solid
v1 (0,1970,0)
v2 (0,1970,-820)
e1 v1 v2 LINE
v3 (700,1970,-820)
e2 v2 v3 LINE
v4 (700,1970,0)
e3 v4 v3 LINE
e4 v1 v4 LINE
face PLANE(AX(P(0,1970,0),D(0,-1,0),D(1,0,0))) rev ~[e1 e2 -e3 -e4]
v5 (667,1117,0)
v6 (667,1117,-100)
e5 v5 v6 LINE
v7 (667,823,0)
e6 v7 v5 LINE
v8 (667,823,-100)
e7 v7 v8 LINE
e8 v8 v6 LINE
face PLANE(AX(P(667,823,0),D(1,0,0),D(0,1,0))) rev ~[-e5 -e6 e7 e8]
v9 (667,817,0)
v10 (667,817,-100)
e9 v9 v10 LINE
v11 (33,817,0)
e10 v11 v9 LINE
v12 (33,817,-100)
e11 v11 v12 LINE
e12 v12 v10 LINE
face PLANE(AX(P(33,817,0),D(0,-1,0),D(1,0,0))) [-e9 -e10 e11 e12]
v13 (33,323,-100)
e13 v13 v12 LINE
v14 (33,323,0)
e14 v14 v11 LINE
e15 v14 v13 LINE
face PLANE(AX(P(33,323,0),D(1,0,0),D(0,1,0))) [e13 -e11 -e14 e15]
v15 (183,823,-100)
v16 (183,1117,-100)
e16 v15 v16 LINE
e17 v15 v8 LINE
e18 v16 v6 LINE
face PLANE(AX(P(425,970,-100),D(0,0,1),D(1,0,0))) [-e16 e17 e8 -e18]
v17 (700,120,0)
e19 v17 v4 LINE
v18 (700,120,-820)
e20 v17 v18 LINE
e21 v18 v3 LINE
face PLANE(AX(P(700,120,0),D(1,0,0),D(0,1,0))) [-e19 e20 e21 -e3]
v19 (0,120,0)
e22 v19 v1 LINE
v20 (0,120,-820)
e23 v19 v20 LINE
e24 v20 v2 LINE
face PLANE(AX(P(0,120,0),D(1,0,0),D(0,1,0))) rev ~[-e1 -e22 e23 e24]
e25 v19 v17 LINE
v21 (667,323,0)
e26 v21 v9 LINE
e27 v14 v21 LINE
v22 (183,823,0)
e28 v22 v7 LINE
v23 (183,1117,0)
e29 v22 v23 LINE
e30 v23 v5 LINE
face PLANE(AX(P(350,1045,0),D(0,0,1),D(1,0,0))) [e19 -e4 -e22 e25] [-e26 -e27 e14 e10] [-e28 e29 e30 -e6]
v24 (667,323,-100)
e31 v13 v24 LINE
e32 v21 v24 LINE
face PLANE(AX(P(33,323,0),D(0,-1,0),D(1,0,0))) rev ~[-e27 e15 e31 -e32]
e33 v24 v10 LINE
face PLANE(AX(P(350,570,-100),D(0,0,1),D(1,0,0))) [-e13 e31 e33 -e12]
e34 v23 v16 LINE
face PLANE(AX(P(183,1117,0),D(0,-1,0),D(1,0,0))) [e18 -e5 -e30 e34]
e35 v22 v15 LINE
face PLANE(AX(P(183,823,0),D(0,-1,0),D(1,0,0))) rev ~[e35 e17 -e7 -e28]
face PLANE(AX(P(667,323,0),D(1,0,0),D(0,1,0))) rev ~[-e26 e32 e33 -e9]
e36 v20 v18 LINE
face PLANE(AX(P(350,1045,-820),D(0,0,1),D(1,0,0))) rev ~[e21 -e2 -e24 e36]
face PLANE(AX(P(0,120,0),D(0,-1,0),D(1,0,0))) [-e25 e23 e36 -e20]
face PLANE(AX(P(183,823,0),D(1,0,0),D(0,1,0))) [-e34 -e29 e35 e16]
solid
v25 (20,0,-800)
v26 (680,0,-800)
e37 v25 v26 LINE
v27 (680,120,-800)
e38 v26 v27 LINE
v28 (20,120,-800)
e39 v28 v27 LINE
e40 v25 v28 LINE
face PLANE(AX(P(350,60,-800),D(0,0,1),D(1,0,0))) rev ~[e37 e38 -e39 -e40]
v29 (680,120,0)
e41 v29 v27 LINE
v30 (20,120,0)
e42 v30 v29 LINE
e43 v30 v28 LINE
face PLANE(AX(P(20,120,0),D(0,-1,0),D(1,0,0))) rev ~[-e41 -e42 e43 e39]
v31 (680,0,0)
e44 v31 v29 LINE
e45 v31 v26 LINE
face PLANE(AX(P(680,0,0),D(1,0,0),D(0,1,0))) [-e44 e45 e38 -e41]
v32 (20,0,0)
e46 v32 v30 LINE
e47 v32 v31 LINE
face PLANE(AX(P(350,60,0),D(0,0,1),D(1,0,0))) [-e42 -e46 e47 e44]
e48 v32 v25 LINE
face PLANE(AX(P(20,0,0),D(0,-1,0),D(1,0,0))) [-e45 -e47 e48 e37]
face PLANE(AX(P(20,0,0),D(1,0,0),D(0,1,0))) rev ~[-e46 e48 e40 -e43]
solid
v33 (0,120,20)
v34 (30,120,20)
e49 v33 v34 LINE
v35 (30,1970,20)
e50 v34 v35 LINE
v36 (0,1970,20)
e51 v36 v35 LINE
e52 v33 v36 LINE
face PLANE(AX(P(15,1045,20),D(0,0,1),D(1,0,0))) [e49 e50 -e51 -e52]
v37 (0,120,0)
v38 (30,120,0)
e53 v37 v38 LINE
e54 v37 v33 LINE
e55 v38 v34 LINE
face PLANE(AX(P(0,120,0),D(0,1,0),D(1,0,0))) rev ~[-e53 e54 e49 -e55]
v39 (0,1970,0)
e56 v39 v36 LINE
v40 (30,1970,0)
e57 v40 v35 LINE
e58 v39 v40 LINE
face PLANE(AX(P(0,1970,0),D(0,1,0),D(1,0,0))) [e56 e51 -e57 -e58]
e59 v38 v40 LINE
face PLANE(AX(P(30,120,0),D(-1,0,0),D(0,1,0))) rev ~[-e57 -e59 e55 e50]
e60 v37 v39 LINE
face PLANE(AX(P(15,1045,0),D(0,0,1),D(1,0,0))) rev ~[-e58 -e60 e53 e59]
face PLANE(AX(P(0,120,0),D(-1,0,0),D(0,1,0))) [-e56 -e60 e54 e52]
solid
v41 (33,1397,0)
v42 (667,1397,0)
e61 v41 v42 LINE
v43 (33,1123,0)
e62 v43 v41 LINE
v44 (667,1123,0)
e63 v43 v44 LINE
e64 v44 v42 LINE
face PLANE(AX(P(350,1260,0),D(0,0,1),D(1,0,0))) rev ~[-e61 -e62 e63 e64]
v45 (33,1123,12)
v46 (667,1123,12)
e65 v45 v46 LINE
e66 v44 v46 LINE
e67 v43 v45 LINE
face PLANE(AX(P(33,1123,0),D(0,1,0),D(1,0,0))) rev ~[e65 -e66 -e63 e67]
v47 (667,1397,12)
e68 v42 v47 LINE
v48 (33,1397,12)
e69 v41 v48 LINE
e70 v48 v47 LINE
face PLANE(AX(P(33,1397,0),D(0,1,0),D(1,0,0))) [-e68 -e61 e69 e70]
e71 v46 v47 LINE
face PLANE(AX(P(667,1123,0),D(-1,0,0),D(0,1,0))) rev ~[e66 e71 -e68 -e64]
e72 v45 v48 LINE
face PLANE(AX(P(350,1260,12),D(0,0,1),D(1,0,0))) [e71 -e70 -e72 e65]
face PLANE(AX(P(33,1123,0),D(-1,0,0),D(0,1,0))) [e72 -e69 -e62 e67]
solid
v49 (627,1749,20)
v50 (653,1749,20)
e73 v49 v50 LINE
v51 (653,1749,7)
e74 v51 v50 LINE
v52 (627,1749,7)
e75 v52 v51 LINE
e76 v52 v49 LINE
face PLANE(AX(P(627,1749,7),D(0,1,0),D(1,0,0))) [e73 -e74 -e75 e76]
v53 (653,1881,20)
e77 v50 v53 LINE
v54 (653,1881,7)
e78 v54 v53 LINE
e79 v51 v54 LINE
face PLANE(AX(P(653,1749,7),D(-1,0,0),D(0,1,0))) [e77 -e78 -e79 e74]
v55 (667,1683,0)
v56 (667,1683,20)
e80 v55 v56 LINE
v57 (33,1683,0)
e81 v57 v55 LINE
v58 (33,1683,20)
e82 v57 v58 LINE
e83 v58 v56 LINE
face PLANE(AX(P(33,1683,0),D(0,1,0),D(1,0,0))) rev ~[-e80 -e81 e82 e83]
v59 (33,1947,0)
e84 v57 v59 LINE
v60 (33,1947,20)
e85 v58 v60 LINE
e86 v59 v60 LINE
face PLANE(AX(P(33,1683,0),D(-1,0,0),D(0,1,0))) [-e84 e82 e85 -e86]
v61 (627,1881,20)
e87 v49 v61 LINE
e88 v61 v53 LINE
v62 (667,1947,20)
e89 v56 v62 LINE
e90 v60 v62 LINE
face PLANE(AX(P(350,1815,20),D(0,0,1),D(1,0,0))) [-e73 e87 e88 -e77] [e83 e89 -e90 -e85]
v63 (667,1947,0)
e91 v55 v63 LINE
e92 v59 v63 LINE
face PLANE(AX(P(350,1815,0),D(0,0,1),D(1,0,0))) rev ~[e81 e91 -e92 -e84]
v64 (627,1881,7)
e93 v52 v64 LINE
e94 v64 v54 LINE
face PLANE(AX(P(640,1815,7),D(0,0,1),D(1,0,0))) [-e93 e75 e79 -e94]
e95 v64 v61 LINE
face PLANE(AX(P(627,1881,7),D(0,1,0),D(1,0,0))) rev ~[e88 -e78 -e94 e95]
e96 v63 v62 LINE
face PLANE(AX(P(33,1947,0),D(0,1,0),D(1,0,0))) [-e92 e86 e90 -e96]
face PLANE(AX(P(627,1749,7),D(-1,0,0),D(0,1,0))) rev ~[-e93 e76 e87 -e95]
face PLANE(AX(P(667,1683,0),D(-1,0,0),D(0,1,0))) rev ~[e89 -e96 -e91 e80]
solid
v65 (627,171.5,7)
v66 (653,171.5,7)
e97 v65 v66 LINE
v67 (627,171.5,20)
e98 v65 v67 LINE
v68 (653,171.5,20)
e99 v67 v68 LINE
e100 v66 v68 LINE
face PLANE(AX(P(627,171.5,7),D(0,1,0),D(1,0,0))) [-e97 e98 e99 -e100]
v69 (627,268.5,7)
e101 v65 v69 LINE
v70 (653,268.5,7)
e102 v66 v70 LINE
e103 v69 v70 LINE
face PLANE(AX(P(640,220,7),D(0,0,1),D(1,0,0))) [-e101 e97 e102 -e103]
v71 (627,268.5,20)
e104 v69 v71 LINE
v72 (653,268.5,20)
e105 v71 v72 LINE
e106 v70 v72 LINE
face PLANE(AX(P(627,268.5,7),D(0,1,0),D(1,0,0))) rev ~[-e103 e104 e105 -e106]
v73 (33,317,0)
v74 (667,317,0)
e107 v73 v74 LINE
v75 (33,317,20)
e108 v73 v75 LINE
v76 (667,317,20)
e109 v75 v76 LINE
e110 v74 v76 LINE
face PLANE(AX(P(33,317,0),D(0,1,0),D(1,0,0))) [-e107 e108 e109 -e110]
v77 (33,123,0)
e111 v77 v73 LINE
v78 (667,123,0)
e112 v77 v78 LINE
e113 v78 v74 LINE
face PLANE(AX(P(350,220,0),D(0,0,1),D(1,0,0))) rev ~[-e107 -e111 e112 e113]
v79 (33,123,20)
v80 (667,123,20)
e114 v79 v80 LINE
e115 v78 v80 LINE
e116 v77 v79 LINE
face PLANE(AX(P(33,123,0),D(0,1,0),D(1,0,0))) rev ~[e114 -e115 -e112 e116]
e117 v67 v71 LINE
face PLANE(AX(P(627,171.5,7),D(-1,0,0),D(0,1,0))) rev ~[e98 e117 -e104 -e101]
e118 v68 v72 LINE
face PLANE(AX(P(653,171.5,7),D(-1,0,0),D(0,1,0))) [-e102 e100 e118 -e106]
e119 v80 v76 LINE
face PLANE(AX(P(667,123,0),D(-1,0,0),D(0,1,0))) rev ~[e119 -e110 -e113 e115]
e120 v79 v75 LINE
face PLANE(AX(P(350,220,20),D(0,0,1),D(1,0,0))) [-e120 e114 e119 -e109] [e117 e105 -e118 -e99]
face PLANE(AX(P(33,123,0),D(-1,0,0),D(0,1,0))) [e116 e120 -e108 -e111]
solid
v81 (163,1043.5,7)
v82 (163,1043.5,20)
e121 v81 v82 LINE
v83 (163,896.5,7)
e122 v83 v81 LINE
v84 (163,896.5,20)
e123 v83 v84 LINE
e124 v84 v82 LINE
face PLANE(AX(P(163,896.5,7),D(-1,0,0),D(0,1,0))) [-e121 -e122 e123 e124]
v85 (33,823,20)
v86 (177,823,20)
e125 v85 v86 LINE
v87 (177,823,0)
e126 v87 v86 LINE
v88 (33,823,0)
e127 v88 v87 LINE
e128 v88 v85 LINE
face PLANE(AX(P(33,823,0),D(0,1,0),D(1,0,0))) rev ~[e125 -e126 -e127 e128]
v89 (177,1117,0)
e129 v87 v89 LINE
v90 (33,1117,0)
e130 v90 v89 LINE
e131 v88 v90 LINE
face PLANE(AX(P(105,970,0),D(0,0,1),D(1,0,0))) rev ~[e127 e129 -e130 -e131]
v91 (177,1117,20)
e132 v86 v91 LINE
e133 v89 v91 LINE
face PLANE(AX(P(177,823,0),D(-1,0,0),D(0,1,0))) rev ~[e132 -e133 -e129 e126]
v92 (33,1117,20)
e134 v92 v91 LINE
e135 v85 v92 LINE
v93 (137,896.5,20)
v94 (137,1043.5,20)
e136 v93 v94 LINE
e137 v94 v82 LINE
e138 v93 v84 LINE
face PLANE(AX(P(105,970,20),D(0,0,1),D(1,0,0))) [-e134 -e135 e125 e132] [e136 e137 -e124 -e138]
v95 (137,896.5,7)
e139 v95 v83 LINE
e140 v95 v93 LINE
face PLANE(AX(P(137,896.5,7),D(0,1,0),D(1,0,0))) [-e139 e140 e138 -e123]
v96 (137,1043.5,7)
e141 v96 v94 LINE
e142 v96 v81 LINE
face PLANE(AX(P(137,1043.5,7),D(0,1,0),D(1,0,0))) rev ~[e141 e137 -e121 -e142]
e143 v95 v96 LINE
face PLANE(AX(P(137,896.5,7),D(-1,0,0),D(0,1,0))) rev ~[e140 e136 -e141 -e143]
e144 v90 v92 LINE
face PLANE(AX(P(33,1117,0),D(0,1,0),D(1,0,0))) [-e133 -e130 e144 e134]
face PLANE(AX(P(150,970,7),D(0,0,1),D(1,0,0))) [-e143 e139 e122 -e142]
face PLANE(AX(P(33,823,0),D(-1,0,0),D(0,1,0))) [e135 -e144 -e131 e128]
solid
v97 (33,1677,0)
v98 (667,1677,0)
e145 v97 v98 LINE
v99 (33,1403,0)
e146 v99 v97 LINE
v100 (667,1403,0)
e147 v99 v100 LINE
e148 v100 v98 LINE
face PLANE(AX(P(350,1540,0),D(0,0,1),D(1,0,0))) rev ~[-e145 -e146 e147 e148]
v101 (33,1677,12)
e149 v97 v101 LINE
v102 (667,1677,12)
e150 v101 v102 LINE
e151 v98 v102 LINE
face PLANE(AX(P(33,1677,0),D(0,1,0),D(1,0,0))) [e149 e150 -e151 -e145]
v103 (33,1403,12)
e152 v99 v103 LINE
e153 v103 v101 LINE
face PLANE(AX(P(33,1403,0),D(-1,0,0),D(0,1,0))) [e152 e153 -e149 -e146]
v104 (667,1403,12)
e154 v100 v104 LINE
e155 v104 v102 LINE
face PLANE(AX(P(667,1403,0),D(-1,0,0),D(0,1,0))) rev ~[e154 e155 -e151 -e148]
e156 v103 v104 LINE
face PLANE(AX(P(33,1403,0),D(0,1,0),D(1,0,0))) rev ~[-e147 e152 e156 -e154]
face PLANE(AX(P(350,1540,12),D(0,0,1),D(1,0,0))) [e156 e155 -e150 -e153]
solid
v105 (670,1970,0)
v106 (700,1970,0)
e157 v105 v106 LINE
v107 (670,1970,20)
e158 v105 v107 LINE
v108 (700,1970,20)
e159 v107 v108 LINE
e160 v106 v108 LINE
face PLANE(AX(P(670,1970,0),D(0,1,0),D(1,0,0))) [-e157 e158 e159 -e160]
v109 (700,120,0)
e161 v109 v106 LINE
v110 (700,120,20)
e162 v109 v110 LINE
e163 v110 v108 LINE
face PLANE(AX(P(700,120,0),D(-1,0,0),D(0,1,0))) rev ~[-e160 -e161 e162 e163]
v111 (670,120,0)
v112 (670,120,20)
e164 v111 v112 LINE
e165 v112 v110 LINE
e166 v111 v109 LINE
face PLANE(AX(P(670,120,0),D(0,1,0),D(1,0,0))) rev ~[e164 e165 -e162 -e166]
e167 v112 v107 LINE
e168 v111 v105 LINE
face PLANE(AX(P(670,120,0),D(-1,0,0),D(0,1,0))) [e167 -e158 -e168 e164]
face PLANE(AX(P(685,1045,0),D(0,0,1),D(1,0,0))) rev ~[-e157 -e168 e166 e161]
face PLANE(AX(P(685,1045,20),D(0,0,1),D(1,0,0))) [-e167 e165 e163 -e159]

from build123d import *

# Parameters (mm, degrees)
SKETCH1_W                   = 700
SKETCH1_H                   = 1850
GOVDE_KASA_DEPTH            = 820
SKETCH2_W                   = 660
SKETCH2_H                   = 120
PLINT_DEPTH                 = 800
SKETCH3_W                   = 30
SKETCH3_H                   = 1850
SOVE_SOL_DEPTH              = 20
SKETCH4_W                   = 30
SKETCH4_H                   = 1850
SOVE_SAG_DEPTH              = 20
SKETCH5_W                   = 634
SKETCH5_H                   = 264
KAPAK_FAN_FILTRE_DEPTH      = 20
KAPAK_FAN_FILTRE_KULP_START = 7
SKETCH6_W                   = 26
SKETCH6_H                   = 132
KAPAK_FAN_FILTRE_KULP_DEPTH = 13
SKETCH7_W                   = 634
SKETCH7_H                   = 274
FIRIN_KAPAK_2_CAM_DEPTH     = 12
SKETCH8_W                   = 634
SKETCH8_H                   = 274
FIRIN_KAPAK_1_CAM_DEPTH     = 12
SKETCH9_W                   = 144
SKETCH9_H                   = 294
KAPAK_YAG_KABI_DEPTH        = 20
KAPAK_YAG_KABI_KULP_START   = 7
SKETCH10_W                  = 26
SKETCH10_H                  = 147
KAPAK_YAG_KABI_KULP_DEPTH   = 13
SKETCH11_W                  = 484
SKETCH11_H                  = 294
ACIKLIK_SPREY_DEPTH         = 100
SKETCH12_W                  = 634
SKETCH12_H                  = 494
ACIKLIK_KESME_DEPTH         = 100
SKETCH13_W                  = 634
SKETCH13_H                  = 194
KAPAK_PANO_DEPTH            = 20
KAPAK_PANO_KULP_START       = 7
SKETCH14_W                  = 26
SKETCH14_H                  = 97
KAPAK_PANO_KULP_DEPTH       = 13


with BuildPart() as part:
    # Sketch1 → govde_kasa (new body)
    with BuildSketch(Plane.XY):
        with Locations((350, 1045)):
            Rectangle(SKETCH1_W, SKETCH1_H)
    extrude(amount=-GOVDE_KASA_DEPTH)

    # Sketch11 → aciklik_sprey (cut)
    with BuildSketch(Plane.XY):
        with Locations((425, 970)):
            Rectangle(SKETCH11_W, SKETCH11_H)
    extrude(amount=-ACIKLIK_SPREY_DEPTH, mode=Mode.SUBTRACT)

    # Sketch12 → aciklik_kesme (cut)
    with BuildSketch(Plane.XY):
        with Locations((350, 570)):
            Rectangle(SKETCH12_W, SKETCH12_H)
    extrude(amount=-ACIKLIK_KESME_DEPTH, mode=Mode.SUBTRACT)


with BuildPart() as body_2:
    # Sketch2 → plint (new body)
    with BuildSketch(Plane.XY):
        with Locations((350, 60)):
            Rectangle(SKETCH2_W, SKETCH2_H)
    extrude(amount=-PLINT_DEPTH)


with BuildPart() as body_3:
    # Sketch3 → sove_sol (new body)
    with BuildSketch(Plane.XY):
        with Locations((15, 1045)):
            Rectangle(SKETCH3_W, SKETCH3_H)
    extrude(amount=SOVE_SOL_DEPTH)


with BuildPart() as body_4:
    # Sketch4 → sove_sag (new body)
    with BuildSketch(Plane.XY):
        with Locations((685, 1045)):
            Rectangle(SKETCH4_W, SKETCH4_H)
    extrude(amount=SOVE_SAG_DEPTH)


with BuildPart() as body_5:
    # Sketch5 → kapak_fan_filtre (new body)
    with BuildSketch(Plane.XY):
        with Locations((350, 1815)):
            Rectangle(SKETCH5_W, SKETCH5_H)
    extrude(amount=KAPAK_FAN_FILTRE_DEPTH)

    # Sketch6 → kapak_fan_filtre_kulp (cut)
    with BuildSketch(Plane.XY.offset(KAPAK_FAN_FILTRE_KULP_START)):
        with Locations((640, 1815)):
            Rectangle(SKETCH6_W, SKETCH6_H)
    extrude(amount=KAPAK_FAN_FILTRE_KULP_DEPTH, mode=Mode.SUBTRACT)


with BuildPart() as body_6:
    # Sketch7 → firin_kapak_2_cam (new body)
    with BuildSketch(Plane.XY):
        with Locations((350, 1540)):
            Rectangle(SKETCH7_W, SKETCH7_H)
    extrude(amount=FIRIN_KAPAK_2_CAM_DEPTH)


with BuildPart() as body_7:
    # Sketch8 → firin_kapak_1_cam (new body)
    with BuildSketch(Plane.XY):
        with Locations((350, 1260)):
            Rectangle(SKETCH8_W, SKETCH8_H)
    extrude(amount=FIRIN_KAPAK_1_CAM_DEPTH)


with BuildPart() as body_8:
    # Sketch9 → kapak_yag_kabi (new body)
    with BuildSketch(Plane.XY):
        with Locations((105, 970)):
            Rectangle(SKETCH9_W, SKETCH9_H)
    extrude(amount=KAPAK_YAG_KABI_DEPTH)

    # Sketch10 → kapak_yag_kabi_kulp (cut)
    with BuildSketch(Plane.XY.offset(KAPAK_YAG_KABI_KULP_START)):
        with Locations((150, 970)):
            Rectangle(SKETCH10_W, SKETCH10_H)
    extrude(amount=KAPAK_YAG_KABI_KULP_DEPTH, mode=Mode.SUBTRACT)


with BuildPart() as body_9:
    # Sketch13 → kapak_pano (new body)
    with BuildSketch(Plane.XY):
        with Locations((350, 220)):
            Rectangle(SKETCH13_W, SKETCH13_H)
    extrude(amount=KAPAK_PANO_DEPTH)

    # Sketch14 → kapak_pano_kulp (cut)
    with BuildSketch(Plane.XY.offset(KAPAK_PANO_KULP_START)):
        with Locations((640, 220)):
            Rectangle(SKETCH14_W, SKETCH14_H)
    extrude(amount=KAPAK_PANO_KULP_DEPTH, mode=Mode.SUBTRACT)


solid = Compound([part.part, body_2.part, body_3.part, body_4.part, body_5.part, body_6.part, body_7.part, body_8.part, body_9.part])
